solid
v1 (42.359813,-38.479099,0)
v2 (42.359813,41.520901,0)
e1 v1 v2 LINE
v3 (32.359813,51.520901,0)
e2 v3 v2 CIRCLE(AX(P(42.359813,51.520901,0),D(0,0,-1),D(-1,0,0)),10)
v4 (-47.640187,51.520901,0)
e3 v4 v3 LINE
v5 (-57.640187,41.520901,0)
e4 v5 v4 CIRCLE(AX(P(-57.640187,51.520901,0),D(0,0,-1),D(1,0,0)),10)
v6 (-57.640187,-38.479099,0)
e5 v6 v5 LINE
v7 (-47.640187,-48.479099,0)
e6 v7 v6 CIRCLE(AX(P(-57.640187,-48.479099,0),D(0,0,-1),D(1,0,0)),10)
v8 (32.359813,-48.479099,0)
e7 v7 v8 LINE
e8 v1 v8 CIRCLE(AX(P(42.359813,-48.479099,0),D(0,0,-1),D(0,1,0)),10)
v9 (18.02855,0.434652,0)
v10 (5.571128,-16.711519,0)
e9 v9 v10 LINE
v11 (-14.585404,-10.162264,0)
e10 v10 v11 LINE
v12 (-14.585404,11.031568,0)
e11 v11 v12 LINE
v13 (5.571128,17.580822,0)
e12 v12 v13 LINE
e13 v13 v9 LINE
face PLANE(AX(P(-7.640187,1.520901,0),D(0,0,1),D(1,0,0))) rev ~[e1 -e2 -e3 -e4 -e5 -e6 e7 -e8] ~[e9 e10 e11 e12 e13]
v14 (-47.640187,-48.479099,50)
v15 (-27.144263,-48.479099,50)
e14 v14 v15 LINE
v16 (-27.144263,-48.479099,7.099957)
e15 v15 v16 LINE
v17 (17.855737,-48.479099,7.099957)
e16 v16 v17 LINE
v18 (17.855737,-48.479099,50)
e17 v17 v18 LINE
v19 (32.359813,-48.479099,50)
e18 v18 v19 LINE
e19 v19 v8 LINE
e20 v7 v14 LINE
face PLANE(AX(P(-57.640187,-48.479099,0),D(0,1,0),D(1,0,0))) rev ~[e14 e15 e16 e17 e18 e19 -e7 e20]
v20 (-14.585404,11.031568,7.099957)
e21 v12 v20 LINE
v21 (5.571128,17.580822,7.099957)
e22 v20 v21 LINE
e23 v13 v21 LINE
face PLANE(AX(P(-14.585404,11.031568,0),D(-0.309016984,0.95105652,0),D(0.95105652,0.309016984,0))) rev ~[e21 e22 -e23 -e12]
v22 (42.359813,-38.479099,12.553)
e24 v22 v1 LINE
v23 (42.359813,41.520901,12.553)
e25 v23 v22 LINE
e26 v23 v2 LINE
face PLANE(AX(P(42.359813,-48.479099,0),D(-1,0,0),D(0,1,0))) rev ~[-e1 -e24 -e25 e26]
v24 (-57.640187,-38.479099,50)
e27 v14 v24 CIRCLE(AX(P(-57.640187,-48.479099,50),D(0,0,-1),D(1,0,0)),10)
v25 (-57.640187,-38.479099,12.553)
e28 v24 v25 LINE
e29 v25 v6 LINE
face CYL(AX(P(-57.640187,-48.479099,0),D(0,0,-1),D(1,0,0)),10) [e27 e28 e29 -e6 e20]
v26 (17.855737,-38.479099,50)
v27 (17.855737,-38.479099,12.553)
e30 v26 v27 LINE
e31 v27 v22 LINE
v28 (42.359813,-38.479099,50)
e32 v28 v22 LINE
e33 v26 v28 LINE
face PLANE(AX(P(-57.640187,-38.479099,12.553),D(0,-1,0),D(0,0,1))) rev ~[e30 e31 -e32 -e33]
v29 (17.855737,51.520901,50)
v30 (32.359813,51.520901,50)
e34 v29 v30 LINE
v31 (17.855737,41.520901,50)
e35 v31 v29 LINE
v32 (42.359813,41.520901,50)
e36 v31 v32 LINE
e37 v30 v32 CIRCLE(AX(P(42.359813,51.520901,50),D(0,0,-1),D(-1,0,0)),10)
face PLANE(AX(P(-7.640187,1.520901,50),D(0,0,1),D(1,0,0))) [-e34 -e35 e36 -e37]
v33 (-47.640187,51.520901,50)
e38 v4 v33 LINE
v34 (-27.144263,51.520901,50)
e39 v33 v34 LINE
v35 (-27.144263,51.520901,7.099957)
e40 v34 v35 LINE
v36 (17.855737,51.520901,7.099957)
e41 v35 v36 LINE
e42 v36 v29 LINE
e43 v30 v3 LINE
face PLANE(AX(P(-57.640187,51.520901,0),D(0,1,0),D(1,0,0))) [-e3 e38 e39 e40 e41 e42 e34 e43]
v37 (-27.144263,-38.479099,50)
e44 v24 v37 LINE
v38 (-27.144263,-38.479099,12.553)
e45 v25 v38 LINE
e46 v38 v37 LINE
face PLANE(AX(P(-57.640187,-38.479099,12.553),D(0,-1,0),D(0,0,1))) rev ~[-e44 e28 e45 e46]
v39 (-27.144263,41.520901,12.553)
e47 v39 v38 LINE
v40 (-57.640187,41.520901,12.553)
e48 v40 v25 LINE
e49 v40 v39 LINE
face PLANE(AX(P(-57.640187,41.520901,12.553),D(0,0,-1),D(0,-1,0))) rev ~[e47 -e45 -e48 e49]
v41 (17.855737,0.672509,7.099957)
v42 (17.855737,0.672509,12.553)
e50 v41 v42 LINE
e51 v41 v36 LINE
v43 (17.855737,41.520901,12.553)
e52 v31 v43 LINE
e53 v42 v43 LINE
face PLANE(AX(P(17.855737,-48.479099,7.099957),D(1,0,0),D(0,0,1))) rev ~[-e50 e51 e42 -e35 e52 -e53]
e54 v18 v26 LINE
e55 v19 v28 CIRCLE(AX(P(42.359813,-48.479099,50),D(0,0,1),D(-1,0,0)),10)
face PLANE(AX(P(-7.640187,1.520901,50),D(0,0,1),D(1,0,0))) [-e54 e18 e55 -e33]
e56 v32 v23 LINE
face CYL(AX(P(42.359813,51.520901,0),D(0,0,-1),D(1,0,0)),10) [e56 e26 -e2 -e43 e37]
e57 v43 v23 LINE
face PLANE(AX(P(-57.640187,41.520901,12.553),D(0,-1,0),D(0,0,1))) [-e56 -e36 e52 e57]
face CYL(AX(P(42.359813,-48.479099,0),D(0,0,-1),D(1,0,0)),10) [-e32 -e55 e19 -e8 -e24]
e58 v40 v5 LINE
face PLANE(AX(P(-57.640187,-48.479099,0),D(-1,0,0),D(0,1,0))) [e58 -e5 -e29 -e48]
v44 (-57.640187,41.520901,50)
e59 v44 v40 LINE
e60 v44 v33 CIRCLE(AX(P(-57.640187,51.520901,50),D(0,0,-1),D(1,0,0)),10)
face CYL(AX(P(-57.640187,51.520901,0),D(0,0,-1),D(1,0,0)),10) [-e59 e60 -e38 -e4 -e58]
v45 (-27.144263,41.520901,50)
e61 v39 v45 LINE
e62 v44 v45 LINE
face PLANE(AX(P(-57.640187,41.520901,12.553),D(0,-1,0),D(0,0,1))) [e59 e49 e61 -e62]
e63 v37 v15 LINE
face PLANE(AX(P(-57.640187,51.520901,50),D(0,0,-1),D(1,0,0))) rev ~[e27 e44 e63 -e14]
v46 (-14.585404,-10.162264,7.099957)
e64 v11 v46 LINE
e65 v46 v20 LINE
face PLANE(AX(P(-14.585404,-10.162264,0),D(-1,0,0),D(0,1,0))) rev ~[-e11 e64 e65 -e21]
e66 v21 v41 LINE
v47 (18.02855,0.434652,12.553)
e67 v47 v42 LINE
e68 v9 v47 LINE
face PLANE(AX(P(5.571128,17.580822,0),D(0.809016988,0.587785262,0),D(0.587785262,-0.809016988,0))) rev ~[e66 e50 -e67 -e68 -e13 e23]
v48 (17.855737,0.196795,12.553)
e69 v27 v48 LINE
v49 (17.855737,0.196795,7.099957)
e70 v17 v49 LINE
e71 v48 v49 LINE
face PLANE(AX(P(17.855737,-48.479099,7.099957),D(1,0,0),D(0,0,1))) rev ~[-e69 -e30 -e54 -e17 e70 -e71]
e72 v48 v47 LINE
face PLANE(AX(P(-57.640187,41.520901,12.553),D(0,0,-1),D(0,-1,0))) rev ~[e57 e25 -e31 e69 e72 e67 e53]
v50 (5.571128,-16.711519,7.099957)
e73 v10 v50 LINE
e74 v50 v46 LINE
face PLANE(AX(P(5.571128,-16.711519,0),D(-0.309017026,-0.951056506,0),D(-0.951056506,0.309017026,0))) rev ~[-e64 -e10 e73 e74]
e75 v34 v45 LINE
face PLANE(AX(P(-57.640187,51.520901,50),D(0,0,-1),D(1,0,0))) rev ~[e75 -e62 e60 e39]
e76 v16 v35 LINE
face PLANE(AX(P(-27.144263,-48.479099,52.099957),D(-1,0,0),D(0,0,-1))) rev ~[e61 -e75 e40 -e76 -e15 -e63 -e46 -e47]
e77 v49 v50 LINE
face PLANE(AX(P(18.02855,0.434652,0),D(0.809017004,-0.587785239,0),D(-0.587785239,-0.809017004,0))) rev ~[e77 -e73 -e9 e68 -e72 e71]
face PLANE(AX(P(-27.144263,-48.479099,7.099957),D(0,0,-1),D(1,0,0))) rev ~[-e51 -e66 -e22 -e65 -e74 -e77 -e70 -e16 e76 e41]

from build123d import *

# Parameters (mm, degrees)
F0_W     = 100
F0_H     = 100
F1_DEPTH = 50
F3_DEPTH = 100
F4_R     = 10
F5_DEPTH = 50
F7_DEPTH = 25
F8_W     = 80
F8_H     = 37.447
F9_DEPTH = 150


with BuildPart() as f1:
    # F0 (on Top) → F1 (new body)
    with BuildSketch(Plane.XY):
        with Locations((-7.640187, 1.520901)):
            Rectangle(F0_W, F0_H)
    extrude(amount=F1_DEPTH)

    # F2 (on face) → F3 (cut)
    with BuildSketch(Plane.XZ.offset(48.479099)):
        Polygon((0, 52.099957), (-27.144263, 52.099957), (-27.144263, 7.099957), (17.855737, 7.099957), (17.855737, 52.099957), align=None)
    extrude(amount=-F3_DEPTH, mode=Mode.SUBTRACT)

    # F4 (on face) → F5 (join)
    with BuildSketch(Plane(origin=(0, 0, 0), x_dir=(1, 0, 0), z_dir=(0, 0, -1))):
        with Locations((-57.640187, -51.520901)):
            Circle(F4_R)
        with Locations((-57.640187, 48.479099)):
            Circle(F4_R)
        with Locations((42.359813, 48.479099)):
            Circle(F4_R)
        with Locations((42.359813, -51.520901)):
            Circle(F4_R)
    extrude(amount=-F5_DEPTH)

    # F6 (on face) → F7 (cut)
    with BuildSketch(Plane(origin=(0, 0, 0), x_dir=(1, 0, 0), z_dir=(0, 0, -1))):
        Polygon((-14.585404, 10.162264), (-14.585404, -11.031568), (5.571128, -17.580822), (18.02855, -0.434652), (5.571128, 16.711519), align=None)
    extrude(amount=-F7_DEPTH, mode=Mode.SUBTRACT)

    # F8 (on face) → F9 (cut)
    with BuildSketch(Plane(origin=(-57.640187, 0, 0), x_dir=(0, -1, 0), z_dir=(-1, 0, 0))):
        with Locations((-1.520901, 31.2765)):
            Rectangle(F8_W, F8_H)
    extrude(amount=-F9_DEPTH, mode=Mode.SUBTRACT)


solid = f1.part
